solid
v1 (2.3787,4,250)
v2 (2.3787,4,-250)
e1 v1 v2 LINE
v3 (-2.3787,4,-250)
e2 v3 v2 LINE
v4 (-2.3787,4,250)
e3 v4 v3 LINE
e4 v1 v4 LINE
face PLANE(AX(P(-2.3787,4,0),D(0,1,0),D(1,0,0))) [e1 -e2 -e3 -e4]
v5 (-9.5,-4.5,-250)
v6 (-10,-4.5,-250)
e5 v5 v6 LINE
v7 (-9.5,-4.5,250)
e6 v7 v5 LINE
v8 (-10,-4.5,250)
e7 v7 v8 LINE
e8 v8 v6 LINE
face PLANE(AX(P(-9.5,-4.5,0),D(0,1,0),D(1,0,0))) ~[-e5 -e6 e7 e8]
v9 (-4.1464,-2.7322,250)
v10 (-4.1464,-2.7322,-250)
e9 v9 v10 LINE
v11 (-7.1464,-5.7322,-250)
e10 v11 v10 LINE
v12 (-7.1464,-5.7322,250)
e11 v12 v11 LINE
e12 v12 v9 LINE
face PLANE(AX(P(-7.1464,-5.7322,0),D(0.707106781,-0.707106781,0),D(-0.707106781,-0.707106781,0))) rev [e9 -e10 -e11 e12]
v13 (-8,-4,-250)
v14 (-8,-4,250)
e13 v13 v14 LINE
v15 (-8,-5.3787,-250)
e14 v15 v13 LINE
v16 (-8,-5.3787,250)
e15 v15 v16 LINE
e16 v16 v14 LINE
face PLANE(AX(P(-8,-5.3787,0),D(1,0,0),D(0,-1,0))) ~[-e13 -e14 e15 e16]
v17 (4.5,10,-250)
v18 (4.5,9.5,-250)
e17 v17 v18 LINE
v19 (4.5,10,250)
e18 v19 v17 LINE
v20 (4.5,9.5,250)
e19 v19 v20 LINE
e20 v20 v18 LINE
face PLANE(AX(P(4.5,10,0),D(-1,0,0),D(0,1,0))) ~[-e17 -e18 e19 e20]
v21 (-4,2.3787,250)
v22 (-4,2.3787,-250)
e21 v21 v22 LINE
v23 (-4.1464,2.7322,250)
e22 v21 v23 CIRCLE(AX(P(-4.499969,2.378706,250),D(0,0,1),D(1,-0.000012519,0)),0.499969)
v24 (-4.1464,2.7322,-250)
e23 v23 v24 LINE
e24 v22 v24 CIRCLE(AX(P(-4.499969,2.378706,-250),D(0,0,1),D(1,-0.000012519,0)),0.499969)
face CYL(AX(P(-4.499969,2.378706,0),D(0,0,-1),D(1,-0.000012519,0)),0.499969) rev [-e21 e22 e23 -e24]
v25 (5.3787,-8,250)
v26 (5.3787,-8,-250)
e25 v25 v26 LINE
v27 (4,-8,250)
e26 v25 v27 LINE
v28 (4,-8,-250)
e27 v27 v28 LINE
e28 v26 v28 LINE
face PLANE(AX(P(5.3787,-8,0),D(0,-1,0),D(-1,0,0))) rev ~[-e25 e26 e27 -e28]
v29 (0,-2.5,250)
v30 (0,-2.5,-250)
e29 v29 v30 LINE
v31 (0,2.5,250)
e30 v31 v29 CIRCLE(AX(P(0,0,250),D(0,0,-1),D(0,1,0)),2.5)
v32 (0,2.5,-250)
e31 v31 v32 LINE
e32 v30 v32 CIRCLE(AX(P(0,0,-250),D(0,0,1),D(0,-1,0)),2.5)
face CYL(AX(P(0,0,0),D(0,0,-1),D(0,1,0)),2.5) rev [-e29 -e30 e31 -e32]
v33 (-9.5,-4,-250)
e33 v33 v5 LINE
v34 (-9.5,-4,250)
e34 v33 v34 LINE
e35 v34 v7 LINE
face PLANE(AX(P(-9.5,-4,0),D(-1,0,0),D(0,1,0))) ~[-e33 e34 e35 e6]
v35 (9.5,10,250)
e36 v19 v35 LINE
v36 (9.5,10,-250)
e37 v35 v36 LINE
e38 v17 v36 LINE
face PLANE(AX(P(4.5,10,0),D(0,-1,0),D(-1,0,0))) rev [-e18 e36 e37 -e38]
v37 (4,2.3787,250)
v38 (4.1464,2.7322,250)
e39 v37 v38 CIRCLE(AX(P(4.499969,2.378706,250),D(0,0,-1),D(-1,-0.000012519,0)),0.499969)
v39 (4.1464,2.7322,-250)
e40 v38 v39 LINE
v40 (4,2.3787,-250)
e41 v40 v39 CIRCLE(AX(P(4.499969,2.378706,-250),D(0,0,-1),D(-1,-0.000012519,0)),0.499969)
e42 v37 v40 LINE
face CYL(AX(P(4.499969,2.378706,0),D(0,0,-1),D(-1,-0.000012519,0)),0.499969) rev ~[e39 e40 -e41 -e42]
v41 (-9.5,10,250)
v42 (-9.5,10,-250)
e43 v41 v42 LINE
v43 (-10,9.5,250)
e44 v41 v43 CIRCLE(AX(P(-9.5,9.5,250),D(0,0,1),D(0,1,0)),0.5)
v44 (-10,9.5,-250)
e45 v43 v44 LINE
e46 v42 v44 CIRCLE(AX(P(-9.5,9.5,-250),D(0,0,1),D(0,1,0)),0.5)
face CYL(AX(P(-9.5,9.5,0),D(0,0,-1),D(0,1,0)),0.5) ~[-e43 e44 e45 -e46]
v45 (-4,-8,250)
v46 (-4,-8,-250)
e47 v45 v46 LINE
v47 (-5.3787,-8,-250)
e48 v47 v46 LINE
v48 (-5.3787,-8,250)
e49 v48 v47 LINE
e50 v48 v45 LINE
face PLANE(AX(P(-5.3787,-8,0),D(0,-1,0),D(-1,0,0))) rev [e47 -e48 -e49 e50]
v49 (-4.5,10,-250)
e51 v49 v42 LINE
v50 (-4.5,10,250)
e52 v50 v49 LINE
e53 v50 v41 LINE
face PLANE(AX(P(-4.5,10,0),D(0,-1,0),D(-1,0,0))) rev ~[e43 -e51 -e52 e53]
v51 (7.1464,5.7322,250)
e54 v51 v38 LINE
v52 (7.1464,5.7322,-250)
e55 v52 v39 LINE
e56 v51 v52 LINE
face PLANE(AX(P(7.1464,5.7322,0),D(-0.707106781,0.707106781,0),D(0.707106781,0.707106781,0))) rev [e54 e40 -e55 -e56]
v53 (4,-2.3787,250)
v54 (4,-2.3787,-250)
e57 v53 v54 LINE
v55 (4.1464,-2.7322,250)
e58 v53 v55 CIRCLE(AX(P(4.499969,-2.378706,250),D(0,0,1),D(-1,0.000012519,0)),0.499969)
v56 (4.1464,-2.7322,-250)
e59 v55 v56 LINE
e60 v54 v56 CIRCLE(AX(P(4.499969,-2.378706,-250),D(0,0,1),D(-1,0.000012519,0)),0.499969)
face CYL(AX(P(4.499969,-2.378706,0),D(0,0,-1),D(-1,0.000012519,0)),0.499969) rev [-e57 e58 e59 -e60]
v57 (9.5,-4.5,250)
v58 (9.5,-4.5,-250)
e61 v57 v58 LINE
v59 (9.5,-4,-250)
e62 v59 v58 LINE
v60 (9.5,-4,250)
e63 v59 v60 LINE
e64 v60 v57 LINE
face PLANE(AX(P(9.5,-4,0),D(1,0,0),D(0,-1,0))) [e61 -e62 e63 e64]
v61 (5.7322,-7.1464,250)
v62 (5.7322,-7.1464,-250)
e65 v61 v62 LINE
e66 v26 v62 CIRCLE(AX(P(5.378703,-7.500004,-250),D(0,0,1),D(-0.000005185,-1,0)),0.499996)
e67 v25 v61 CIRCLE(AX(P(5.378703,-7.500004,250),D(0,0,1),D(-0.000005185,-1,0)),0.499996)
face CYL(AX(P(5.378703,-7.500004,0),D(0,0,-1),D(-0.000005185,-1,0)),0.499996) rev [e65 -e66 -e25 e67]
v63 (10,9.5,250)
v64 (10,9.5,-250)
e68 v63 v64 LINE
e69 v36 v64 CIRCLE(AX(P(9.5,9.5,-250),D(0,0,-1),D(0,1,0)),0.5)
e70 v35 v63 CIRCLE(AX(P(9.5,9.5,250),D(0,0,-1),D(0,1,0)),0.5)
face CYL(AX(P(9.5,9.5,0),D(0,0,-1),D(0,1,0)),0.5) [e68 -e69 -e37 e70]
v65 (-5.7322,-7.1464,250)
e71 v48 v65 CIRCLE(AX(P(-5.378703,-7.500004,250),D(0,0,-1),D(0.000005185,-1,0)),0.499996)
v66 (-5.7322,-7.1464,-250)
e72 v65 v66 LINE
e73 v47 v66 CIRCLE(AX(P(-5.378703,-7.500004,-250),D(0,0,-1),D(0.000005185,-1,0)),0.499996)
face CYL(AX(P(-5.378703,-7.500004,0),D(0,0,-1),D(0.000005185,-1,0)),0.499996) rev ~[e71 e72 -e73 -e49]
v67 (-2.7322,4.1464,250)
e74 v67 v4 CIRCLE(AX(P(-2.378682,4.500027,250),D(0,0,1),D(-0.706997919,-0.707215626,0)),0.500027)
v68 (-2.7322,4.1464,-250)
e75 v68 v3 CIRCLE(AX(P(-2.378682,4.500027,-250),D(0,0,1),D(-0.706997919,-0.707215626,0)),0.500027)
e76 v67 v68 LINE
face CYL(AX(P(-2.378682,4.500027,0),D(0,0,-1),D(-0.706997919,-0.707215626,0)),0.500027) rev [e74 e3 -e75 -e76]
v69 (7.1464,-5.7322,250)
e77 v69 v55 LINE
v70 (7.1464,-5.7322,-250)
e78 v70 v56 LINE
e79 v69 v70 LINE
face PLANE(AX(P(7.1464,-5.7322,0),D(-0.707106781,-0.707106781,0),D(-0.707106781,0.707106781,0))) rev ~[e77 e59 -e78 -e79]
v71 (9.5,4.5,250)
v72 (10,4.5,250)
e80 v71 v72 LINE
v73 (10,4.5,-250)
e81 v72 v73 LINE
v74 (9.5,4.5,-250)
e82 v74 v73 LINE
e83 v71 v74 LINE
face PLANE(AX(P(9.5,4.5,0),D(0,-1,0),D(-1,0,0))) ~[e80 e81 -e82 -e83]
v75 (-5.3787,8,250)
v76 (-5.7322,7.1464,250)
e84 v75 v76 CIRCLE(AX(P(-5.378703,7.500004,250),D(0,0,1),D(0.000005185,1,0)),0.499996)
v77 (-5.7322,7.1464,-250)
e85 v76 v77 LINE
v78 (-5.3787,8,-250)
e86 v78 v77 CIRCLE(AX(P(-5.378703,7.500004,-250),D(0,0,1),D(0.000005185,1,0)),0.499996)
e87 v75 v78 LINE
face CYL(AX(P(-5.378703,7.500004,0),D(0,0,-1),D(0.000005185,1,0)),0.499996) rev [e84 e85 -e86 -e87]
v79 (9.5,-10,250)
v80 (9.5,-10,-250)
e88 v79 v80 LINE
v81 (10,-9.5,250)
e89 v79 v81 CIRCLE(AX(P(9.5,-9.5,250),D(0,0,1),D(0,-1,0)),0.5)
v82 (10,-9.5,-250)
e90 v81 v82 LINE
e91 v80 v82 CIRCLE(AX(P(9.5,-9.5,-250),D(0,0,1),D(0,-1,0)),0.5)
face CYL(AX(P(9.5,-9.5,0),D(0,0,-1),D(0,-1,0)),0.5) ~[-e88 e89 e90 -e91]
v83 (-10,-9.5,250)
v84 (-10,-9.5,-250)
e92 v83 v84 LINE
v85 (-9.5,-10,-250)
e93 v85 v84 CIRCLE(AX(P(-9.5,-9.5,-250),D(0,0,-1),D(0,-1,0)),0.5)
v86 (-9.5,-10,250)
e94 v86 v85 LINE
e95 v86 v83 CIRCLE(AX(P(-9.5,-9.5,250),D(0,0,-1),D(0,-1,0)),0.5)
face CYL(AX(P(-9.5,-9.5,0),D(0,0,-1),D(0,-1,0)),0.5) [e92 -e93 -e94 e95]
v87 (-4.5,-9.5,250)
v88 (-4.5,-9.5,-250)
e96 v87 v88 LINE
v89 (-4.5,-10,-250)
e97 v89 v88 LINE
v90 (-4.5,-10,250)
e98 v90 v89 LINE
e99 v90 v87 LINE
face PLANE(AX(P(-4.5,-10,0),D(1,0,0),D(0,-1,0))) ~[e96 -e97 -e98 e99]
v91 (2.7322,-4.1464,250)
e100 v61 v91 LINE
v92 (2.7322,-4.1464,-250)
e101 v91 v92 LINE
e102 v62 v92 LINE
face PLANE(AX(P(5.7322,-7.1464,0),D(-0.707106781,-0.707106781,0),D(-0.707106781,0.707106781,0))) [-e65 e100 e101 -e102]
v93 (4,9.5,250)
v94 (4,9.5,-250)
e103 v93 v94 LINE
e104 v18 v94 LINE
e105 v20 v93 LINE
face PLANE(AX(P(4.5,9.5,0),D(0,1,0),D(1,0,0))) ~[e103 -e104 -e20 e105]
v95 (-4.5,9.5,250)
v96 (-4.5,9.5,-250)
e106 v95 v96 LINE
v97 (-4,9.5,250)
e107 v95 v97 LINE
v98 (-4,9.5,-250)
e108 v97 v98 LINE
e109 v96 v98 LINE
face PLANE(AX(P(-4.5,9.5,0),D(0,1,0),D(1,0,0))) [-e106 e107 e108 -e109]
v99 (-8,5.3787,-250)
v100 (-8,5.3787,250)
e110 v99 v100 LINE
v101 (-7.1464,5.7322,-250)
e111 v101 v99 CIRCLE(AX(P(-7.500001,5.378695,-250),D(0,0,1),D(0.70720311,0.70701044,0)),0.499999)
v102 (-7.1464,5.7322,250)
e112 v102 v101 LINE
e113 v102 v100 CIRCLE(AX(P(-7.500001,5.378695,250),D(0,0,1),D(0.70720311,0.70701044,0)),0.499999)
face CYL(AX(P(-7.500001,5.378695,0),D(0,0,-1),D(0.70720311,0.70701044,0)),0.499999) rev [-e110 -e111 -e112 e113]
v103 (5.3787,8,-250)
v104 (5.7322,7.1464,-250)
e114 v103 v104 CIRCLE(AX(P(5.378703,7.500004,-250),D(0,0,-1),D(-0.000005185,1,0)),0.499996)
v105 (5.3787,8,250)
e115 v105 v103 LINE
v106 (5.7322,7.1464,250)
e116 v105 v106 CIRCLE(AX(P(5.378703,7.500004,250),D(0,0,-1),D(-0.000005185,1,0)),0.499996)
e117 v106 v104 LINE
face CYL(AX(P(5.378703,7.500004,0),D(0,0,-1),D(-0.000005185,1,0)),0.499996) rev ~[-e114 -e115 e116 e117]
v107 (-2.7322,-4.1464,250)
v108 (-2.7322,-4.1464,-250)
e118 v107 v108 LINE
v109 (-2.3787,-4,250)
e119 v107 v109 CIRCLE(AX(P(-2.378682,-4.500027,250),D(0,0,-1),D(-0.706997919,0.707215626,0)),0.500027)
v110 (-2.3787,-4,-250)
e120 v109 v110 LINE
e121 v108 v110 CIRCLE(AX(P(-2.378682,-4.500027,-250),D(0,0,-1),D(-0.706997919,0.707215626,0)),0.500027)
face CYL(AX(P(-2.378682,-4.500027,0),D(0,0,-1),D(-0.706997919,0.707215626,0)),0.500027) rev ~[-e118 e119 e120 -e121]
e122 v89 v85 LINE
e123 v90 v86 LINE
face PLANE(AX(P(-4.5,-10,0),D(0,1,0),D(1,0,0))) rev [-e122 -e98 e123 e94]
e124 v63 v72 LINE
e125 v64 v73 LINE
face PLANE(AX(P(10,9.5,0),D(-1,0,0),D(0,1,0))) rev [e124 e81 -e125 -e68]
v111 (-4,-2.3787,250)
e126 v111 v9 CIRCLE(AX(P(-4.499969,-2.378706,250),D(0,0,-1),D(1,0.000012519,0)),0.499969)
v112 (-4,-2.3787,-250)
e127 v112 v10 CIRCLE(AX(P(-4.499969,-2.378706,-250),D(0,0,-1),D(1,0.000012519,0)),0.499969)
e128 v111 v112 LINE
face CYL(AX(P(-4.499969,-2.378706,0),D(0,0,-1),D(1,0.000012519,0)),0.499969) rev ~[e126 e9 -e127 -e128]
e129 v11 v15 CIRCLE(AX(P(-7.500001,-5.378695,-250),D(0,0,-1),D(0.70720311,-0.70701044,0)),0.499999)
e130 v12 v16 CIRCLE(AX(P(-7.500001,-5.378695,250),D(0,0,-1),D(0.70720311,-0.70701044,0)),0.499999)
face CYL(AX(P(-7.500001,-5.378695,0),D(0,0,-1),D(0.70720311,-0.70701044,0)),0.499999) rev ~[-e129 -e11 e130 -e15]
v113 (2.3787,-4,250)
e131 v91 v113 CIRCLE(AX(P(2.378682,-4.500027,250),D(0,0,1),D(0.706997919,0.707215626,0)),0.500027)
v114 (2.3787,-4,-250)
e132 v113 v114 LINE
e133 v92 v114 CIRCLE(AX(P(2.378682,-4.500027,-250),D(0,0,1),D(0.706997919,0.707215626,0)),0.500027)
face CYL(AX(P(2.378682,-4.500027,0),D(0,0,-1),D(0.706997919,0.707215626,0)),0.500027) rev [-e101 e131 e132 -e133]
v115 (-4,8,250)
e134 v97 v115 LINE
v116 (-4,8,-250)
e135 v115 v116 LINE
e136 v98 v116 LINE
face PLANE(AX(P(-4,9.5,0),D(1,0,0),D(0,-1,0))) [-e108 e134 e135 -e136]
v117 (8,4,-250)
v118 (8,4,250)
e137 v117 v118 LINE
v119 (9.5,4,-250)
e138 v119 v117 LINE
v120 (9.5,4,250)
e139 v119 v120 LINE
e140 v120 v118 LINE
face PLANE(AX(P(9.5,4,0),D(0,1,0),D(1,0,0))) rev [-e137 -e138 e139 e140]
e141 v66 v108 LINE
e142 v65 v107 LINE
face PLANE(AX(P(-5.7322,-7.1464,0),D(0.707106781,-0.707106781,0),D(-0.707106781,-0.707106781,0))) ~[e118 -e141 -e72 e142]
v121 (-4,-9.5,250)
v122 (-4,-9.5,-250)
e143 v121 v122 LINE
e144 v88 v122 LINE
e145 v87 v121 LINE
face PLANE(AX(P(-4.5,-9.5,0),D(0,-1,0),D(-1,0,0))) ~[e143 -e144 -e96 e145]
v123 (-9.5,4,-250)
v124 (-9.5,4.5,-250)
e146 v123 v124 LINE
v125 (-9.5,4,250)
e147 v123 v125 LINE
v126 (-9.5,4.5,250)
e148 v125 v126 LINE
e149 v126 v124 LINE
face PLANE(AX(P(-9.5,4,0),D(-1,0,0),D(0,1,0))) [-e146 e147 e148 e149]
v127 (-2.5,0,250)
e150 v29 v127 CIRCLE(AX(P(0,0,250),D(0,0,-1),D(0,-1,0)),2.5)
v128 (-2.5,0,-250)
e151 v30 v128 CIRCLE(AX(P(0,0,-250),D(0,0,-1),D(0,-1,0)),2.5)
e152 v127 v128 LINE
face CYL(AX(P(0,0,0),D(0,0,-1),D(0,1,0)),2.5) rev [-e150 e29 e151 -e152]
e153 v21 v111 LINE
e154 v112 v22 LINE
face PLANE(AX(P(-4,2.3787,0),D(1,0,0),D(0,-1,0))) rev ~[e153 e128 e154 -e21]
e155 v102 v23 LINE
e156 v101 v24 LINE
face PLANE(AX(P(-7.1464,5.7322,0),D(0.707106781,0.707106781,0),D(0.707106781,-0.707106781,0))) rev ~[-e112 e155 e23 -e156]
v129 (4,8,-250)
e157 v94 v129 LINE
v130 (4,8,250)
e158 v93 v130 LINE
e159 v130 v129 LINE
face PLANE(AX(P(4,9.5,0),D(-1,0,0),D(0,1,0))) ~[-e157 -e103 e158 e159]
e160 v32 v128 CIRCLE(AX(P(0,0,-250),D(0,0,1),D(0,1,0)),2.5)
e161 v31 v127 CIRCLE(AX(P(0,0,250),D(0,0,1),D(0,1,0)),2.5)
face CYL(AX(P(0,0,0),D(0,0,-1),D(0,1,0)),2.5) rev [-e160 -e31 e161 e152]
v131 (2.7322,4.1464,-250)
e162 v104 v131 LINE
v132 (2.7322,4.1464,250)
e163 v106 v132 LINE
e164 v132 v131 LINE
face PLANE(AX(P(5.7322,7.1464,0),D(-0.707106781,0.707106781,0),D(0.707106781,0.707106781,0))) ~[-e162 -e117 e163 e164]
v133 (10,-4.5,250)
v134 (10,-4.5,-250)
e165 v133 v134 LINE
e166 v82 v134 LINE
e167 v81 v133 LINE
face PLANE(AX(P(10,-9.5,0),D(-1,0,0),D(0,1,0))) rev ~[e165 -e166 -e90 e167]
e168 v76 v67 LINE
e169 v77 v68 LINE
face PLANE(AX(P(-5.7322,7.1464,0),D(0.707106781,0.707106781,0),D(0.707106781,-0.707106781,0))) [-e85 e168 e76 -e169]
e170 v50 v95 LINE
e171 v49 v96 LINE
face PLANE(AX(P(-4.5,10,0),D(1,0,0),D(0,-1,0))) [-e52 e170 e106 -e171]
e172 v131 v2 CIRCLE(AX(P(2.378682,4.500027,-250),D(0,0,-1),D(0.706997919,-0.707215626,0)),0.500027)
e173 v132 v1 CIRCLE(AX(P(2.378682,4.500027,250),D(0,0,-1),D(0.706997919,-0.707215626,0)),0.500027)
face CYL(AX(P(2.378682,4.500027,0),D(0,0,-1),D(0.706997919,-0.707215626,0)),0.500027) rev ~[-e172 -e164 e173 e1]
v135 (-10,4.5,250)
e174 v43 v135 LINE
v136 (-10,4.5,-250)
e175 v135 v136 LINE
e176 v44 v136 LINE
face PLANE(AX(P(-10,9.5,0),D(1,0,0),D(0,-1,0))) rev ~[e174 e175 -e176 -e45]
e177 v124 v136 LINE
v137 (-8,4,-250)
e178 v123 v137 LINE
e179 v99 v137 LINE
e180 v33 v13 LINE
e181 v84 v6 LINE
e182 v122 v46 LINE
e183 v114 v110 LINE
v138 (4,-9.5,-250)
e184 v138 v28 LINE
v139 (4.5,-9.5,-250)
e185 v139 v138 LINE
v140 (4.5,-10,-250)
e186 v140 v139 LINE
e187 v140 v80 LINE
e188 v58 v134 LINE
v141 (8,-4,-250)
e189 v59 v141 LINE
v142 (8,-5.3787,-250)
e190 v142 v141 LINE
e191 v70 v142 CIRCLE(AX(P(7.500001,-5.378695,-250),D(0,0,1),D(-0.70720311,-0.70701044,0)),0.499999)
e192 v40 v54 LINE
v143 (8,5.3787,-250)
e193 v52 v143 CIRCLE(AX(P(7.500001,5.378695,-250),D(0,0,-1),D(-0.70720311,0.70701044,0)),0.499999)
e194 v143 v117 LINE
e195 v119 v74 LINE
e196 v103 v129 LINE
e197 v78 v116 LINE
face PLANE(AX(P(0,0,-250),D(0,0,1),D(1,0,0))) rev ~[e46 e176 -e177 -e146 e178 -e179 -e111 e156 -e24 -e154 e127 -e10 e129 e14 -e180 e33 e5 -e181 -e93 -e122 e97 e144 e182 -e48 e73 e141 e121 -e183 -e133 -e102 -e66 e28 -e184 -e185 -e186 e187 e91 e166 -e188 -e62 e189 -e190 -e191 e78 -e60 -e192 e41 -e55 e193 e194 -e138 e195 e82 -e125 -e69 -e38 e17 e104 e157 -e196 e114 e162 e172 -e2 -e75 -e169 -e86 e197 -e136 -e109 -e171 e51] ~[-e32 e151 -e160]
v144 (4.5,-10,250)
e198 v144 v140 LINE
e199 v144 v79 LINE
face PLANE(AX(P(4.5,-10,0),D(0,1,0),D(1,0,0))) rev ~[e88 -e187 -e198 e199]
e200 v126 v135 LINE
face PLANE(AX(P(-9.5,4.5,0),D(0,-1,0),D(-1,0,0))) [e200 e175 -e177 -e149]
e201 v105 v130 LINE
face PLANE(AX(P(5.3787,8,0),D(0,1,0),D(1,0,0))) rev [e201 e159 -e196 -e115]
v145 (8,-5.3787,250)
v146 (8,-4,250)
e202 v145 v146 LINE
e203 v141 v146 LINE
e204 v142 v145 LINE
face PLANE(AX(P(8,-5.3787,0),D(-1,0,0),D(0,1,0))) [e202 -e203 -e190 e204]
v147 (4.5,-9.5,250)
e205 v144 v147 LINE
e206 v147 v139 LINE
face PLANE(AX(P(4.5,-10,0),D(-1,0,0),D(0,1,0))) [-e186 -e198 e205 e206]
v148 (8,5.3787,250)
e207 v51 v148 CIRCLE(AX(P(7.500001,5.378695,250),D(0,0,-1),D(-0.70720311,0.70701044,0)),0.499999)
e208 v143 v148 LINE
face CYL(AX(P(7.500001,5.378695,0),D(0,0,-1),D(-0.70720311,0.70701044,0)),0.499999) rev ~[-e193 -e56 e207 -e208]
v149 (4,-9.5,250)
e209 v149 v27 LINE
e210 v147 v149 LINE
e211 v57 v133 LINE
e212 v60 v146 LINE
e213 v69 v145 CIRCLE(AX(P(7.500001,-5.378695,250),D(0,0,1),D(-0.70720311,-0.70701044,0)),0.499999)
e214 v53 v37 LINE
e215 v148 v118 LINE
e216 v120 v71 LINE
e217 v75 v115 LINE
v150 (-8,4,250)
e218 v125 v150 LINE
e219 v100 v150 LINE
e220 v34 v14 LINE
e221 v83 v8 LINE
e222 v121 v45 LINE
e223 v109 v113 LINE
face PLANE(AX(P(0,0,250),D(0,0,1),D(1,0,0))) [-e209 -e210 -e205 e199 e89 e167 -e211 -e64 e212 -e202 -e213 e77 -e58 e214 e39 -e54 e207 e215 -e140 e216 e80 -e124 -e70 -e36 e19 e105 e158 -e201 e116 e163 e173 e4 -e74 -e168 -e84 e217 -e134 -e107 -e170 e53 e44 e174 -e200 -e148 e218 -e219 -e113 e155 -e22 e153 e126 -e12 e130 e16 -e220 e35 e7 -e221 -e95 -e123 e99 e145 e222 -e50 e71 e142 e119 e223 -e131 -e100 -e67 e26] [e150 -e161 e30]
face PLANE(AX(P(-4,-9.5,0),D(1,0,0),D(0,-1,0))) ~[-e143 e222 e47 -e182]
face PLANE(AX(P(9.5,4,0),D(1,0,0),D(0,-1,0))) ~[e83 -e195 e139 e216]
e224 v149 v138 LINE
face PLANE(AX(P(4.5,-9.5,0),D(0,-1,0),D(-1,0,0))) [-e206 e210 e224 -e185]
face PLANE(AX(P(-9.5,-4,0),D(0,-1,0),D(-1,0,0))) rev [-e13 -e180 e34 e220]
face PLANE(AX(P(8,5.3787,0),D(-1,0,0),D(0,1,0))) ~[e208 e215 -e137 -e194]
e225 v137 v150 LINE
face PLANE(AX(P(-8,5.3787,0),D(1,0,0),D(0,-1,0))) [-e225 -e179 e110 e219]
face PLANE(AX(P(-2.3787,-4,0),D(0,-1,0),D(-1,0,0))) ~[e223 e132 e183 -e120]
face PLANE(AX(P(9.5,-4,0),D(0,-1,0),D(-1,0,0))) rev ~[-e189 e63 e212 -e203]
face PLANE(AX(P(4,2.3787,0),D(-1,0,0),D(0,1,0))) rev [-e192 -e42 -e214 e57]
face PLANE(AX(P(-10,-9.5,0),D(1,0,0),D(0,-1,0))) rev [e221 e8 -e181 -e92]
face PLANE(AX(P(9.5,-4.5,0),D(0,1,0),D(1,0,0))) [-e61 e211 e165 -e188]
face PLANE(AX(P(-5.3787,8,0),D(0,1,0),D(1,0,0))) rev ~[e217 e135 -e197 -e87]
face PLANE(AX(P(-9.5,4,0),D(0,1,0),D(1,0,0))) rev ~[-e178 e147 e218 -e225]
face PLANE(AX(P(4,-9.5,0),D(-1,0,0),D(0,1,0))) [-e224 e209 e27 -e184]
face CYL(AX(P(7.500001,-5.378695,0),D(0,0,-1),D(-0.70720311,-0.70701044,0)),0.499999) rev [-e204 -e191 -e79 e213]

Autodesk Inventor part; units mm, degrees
sketch "Esboço1" plane through (0, 0, 0) normal (0, 0, 1) x (1, 0, 0)
  line L0 (-10, 10) -> (10, 10) construction
  circle A0 centre (0, 0) radius 2.5 construction
  line L1 (-4, 4) -> (4, 4) construction
  line L2 (0, 0) -> (-10, 10) construction
  line L3 (-6.5858, 8) -> (-4, 8) construction
  line L4 (-4, 8) -> (-4, 10) construction
  line L5 (-4, 10) -> (-10, 10) construction
  line L6 (-4, 4) -> (-4, -4) construction
  line L7 (-6.5858, 8) -> (-2.5858, 4) construction
  line L8 (-8, 6.5858) -> (-4, 2.5858) construction
  line L9 (-10, 10) -> (-10, 0) construction
  line L10 (-10, 10) -> (-10, 4) construction
  line L11 (-8, 6.5858) -> (-8, 4) construction
  line L12 (-8, 4) -> (-10, 4) construction
  line L13 (-10, 4) -> (-9.5, 4) construction
  line L14 (-9.5, 4) -> (-9.5, 4.5)
  line L15 (-9.5, 4.5) -> (-10, 4.5)
  line L16 (-10, 4.5) -> (-10, 4) construction
  line L17 (-10, 10) -> (-10, 4.5) construction
  line L18 (-9.5, 4) -> (-8, 4)
  line L19 (-4, 10) -> (-4.5, 10) construction
  line L20 (-4.5, 10) -> (-4.5, 9.5)
  line L21 (-4.5, 9.5) -> (-4, 9.5)
  line L22 (-4, 9.5) -> (-4, 10) construction
  line L23 (-4, 9.5) -> (-4, 8)
  line L24 (-4.5, 10) -> (-10, 10) construction
  arc A1 (-9.5, 10) -> (-10, 9.5) centre (-9.5, 9.5) ccw
  line L25 (-4.5, 10) -> (-9.5, 10)
  line L26 (-10, 9.5) -> (-10, 4.5)
  line L27 (-2.5858, 4) -> (0, 4) construction
  arc A2 (-5.3787, 8) -> (-5.7322, 7.1464) centre (-5.3787, 7.5) ccw
  line L28 (-5.3787, 8) -> (-4, 8)
  line L29 (-5.7322, 7.1464) -> (-2.5858, 4) construction
  arc A3 (-7.1464, 5.7322) -> (-8, 5.3787) centre (-7.5, 5.3787) ccw
  line L30 (-7.1464, 5.7322) -> (-4, 2.5858) construction
  line L31 (-8, 5.3787) -> (-8, 4)
  arc A4 (0, 2.5) -> (-2.5, 0) centre (0, 0) ccw
  line L32 (0, 4) -> (0, 2.5)
  line L33 (-4, 2.5858) -> (-4, 0) construction
  line L34 (-4, 0) -> (-2.5, 0)
  arc A5 (-2.7322, 4.1464) -> (-2.3787, 4) centre (-2.3787, 4.5) ccw
  line L35 (-5.7322, 7.1464) -> (-2.7322, 4.1464)
  line L36 (-2.3787, 4) -> (0, 4)
  arc A6 (-4, 2.3787) -> (-4.1464, 2.7322) centre (-4.5, 2.3787) ccw
  line L37 (-7.1464, 5.7322) -> (-4.1464, 2.7322)
  line L38 (-4, 2.3787) -> (-4, 0)
  point P0 (0, 10)
  point P1 (-3.25, 0)
  dimension "d0" = 20
  dimension "d2" = 5
  dimension "d3" = 6
  dimension "d5" = 2
  dimension "d7" = 1
  dimension "d8" = 6
  dimension "d9" = 1
  dimension "d10" = 0.5
  dimension "d11" = 0.5
  dimension "d12" = 0.5
  dimension "d14" = 0.5
  dimension "d15" = 0.5
  dimension "d16" = 10
  dimension "d17" = 2.5
  dimension "d20" = 0.5
  dimension "d21" = 0.5
extrude "Extrusão1" add sketch "Esboço1" along normal mid plane 500
mirror "Espelhar1" about plane through (0, 0, 0) normal (1, 0, 0) of "Extrusão1"
mirror "Espelhar2" about plane through (0, 0, 0) normal (0, 1, 0) of "Extrusão1", "Espelhar1"
equation "\"d16\" = 0.5 * d0"
properties part number "20×20 4 slots profile_AST02002004" material "UHMW, branco"
